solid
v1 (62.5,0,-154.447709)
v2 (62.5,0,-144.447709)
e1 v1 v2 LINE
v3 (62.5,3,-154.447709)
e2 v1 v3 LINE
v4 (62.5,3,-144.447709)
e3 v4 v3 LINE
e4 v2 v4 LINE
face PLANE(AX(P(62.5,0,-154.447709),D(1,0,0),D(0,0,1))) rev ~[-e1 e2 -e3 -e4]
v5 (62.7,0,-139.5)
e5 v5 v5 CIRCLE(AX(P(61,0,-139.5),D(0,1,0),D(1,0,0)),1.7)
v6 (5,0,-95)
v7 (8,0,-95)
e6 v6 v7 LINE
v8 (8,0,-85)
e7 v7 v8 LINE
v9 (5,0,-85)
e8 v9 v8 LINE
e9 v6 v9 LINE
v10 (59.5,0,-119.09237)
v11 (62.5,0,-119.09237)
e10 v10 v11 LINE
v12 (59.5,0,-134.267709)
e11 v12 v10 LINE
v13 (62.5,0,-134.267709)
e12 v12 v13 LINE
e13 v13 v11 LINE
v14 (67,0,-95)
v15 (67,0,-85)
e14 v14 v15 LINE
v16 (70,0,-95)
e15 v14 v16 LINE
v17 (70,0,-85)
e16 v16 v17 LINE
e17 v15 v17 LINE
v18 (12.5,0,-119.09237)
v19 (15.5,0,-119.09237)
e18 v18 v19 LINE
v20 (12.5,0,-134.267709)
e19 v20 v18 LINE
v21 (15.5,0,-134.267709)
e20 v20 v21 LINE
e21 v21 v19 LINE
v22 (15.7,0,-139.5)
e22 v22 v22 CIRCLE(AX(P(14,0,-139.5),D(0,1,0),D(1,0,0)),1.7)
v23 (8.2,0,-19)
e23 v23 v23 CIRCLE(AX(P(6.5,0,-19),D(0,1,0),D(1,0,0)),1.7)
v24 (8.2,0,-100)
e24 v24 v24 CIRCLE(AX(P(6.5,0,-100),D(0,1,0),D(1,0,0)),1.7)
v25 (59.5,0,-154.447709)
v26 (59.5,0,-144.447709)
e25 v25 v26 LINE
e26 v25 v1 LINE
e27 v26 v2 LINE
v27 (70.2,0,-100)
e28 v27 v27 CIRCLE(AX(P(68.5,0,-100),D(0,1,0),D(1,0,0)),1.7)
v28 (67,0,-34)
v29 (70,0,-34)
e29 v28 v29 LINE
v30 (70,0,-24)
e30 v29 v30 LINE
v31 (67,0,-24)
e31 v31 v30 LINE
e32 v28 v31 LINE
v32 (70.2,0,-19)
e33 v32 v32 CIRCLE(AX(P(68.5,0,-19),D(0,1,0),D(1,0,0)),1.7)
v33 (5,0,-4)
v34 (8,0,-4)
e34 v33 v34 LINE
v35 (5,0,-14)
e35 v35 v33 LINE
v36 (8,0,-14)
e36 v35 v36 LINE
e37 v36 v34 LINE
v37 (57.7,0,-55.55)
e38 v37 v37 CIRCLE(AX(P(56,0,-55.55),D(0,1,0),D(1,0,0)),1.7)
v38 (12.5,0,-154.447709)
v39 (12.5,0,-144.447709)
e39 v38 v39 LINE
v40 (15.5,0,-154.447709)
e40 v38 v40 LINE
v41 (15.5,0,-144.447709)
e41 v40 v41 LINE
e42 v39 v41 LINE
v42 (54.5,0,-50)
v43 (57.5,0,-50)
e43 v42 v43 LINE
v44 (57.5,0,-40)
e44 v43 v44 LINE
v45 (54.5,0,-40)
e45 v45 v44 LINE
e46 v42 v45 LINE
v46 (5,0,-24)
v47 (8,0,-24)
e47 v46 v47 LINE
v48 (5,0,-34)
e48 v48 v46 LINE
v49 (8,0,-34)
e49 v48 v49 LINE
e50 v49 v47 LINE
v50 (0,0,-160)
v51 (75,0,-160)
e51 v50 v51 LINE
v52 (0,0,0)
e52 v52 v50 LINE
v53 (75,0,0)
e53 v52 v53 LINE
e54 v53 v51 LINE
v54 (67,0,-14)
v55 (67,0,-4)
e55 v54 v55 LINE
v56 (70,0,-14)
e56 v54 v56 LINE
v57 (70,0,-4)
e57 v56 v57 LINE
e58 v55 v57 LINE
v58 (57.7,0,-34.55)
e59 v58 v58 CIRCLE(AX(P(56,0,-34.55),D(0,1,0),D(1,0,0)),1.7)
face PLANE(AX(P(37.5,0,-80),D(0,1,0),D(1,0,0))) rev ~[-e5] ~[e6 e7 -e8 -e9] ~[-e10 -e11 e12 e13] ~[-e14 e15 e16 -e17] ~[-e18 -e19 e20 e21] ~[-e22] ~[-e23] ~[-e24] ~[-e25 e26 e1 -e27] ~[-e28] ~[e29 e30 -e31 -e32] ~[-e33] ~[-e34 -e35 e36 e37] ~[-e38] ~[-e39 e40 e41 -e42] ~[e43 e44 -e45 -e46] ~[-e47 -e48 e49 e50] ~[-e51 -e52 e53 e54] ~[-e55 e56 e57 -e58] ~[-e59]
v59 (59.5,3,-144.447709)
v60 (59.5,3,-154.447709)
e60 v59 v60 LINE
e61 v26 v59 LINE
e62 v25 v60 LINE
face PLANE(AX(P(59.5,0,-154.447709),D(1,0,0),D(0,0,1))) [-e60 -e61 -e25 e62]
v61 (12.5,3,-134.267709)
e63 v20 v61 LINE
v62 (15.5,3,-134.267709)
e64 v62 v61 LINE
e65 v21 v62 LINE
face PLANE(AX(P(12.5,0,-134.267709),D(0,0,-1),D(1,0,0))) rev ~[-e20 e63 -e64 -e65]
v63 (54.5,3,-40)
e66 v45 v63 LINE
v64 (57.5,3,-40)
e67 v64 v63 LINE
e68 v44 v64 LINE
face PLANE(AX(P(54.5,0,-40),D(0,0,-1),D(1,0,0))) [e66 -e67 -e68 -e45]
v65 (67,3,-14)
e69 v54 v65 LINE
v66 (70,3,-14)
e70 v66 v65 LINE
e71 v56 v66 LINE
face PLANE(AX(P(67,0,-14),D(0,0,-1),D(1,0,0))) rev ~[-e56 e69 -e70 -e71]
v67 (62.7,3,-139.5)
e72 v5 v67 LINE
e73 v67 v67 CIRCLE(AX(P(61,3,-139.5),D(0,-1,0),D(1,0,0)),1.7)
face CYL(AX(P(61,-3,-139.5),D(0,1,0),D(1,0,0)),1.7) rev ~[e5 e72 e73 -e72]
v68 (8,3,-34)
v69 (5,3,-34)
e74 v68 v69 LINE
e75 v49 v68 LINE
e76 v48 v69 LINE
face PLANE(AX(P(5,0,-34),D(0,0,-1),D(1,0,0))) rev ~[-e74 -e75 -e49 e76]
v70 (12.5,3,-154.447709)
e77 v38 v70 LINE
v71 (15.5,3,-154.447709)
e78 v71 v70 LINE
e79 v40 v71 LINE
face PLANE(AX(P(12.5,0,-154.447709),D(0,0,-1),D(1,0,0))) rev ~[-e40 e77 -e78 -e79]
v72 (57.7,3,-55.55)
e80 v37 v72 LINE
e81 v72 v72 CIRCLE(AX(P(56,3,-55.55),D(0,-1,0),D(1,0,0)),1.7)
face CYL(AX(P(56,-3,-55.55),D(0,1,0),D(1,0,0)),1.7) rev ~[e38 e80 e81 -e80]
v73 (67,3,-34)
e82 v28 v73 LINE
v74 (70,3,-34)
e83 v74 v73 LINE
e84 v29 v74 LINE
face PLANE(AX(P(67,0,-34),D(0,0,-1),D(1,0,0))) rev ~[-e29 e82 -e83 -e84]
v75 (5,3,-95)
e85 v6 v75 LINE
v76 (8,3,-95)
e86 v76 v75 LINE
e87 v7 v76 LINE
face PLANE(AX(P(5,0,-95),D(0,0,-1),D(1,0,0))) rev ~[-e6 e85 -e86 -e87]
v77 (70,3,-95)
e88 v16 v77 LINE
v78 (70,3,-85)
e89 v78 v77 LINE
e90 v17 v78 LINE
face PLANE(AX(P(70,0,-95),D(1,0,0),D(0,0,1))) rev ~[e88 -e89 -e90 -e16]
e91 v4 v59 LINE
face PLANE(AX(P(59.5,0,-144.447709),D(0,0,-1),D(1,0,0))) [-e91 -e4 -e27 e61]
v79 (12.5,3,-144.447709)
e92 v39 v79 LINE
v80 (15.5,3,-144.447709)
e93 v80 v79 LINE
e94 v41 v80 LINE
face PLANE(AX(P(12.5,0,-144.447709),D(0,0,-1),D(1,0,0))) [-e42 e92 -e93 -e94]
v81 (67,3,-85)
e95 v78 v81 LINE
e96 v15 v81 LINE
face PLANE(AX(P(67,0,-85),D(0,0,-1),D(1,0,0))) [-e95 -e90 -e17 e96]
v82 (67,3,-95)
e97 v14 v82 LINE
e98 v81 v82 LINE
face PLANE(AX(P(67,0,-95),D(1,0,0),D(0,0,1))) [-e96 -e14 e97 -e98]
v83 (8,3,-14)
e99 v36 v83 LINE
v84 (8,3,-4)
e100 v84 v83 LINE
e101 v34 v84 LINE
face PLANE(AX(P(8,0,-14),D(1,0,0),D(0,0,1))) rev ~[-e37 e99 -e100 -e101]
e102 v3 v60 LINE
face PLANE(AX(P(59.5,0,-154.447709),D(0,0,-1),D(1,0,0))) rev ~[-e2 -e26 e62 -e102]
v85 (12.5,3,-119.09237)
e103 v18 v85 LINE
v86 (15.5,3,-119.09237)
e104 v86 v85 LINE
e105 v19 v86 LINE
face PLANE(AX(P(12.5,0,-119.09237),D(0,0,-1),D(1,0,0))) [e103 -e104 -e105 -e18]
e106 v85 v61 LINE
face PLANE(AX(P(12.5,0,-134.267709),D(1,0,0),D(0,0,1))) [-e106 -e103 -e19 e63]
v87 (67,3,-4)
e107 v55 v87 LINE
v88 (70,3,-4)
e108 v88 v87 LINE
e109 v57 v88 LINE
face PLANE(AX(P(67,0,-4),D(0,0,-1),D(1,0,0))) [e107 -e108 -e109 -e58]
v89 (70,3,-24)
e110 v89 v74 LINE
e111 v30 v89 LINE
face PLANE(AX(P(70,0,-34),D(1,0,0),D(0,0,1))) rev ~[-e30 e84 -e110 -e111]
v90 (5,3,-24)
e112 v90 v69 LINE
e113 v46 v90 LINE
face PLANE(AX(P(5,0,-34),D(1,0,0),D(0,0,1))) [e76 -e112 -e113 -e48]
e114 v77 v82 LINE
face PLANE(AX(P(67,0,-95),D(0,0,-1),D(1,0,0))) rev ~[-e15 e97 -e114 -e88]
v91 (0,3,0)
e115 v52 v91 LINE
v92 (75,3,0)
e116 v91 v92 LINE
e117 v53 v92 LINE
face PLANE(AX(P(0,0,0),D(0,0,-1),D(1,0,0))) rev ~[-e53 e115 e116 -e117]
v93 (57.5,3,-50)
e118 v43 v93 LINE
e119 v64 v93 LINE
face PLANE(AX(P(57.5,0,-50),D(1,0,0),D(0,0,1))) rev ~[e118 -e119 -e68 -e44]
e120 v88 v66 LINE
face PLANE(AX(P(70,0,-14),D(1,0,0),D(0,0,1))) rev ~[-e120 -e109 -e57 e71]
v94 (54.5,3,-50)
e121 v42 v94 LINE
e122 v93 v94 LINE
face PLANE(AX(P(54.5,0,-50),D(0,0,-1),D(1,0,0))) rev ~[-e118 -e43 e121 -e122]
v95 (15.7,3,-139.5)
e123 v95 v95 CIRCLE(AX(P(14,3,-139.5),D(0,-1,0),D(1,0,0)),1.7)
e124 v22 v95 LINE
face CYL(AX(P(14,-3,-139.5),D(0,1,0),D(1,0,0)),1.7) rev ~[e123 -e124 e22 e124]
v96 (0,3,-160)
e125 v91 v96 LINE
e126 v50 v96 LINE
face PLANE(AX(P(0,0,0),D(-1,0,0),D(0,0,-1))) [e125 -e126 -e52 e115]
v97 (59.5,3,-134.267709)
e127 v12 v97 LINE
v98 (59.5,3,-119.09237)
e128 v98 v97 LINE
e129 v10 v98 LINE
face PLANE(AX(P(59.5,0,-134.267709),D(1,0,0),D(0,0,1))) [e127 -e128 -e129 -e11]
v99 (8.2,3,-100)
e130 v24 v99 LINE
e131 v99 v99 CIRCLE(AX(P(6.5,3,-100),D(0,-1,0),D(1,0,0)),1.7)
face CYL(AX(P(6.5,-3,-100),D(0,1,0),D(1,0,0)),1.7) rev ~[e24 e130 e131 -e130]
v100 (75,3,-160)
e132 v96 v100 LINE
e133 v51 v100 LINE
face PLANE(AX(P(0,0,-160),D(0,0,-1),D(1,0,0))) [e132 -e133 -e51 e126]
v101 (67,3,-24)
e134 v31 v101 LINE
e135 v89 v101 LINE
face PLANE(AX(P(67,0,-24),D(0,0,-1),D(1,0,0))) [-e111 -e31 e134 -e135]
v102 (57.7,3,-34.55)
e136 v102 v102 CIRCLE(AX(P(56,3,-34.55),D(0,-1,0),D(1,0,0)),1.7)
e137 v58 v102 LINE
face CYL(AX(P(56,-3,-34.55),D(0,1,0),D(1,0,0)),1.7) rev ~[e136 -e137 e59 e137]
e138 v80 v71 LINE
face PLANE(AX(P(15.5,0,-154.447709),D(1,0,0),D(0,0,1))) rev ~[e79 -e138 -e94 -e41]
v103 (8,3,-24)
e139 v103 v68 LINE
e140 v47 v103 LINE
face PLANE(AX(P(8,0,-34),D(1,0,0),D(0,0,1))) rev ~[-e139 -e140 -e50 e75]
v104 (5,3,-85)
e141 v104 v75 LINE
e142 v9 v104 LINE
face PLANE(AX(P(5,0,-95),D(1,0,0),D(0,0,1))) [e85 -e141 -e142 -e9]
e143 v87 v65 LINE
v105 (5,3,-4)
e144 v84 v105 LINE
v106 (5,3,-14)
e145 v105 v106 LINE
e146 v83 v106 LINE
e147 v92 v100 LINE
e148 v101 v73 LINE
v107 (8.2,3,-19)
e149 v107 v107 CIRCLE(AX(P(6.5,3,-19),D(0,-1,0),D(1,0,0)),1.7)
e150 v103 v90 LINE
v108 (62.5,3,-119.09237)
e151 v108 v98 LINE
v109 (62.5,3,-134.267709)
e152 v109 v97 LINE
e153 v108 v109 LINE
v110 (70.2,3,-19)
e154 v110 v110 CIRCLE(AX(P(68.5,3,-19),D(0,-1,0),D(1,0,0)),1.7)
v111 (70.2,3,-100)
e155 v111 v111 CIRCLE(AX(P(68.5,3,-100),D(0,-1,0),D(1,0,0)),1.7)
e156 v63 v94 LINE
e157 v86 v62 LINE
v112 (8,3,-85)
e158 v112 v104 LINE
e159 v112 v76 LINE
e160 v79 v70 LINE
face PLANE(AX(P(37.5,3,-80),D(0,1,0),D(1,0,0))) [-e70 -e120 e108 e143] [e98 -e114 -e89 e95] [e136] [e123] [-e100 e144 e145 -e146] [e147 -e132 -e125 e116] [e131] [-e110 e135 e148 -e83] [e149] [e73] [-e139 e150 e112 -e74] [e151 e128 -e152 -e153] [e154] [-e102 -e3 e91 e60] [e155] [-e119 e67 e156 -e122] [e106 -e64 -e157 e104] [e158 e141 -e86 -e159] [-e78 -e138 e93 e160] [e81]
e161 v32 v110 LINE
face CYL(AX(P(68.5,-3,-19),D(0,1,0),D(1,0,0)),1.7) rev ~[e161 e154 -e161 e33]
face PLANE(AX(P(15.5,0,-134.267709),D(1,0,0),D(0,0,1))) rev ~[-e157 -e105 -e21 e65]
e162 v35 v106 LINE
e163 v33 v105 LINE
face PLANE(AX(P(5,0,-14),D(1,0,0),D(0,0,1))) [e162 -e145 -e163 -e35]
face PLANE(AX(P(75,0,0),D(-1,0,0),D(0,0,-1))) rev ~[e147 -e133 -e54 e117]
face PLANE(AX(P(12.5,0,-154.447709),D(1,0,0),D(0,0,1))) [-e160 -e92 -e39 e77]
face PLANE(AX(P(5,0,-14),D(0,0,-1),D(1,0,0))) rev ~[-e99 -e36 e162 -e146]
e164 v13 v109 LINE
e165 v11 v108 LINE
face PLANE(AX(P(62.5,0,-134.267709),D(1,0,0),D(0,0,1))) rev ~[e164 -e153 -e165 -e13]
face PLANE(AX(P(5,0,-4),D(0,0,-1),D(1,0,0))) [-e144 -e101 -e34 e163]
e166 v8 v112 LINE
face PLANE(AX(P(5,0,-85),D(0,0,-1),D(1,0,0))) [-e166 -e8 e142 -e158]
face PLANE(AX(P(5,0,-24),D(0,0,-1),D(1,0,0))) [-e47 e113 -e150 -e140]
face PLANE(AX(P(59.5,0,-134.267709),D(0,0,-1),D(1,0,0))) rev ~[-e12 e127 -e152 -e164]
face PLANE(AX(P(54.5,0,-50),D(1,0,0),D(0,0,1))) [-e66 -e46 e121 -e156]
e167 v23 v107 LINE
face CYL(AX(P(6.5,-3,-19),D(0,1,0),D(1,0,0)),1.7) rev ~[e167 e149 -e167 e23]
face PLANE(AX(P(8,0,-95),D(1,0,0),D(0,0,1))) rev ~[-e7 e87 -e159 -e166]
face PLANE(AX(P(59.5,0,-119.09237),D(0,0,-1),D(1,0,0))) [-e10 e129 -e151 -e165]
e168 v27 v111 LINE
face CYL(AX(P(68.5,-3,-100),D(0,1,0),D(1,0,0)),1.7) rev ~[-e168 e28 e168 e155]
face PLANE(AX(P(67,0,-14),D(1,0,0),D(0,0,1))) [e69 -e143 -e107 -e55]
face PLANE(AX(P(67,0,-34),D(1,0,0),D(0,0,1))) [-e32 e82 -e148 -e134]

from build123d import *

# Parameters (mm, degrees)
SKETCH1_W                = 75
SKETCH1_H                = 160
BOSS_EXTRUDE1_DEPTH      = 3
M3_CLEARANCE_HOLE1_D     = 3.4
M3_CLEARANCE_HOLE1_DEPTH = 3
M3_CLEARANCE_HOLE1_TIP   = 1.021463052
SKETCH6_W                = 3
SKETCH6_H                = 10
SKETCH6_H_2              = 15.175339059
CUT_EXTRUDE3_DEPTH       = 10
SKETCH7_W                = 3
SKETCH7_H                = 10
CUT_EXTRUDE4_DEPTH       = 10


with BuildPart() as part:
    # Sketch1 → Boss-Extrude1 (new body)
    with BuildSketch(Plane(origin=(0, 0, 0), x_dir=(1, 0, 0), z_dir=(0, 1, 0))):
        with Locations((37.5, 80)):
            Rectangle(SKETCH1_W, SKETCH1_H)
    extrude(amount=BOSS_EXTRUDE1_DEPTH)

    # M3 Clearance Hole1
    with Locations(Plane(origin=(0, 0, 0), x_dir=(-1, 0, 0), z_dir=(0, -1, 0))):
        with Locations((-68.5, 19), (-56, 55.55), (-56, 34.55), (-6.5, 19), (-61, 139.5), (-14, 139.5), (-6.5, 100), (-68.5, 100)):
            Hole(M3_CLEARANCE_HOLE1_D / 2, depth=M3_CLEARANCE_HOLE1_DEPTH)
            with Locations((0, 0, -(M3_CLEARANCE_HOLE1_DEPTH + M3_CLEARANCE_HOLE1_TIP / 2))):  # 118° drill point
                Cone(0, M3_CLEARANCE_HOLE1_D / 2, M3_CLEARANCE_HOLE1_TIP, mode=Mode.SUBTRACT)

    # Sketch6 → Cut-Extrude3 (cut)
    with BuildSketch(Plane.XZ):
        with Locations((61, -149.447708573)):
            Rectangle(SKETCH6_W, SKETCH6_H)
        with Locations((61, -126.680039044)):
            Rectangle(SKETCH6_W, SKETCH6_H_2)
        with Locations((14, -149.447708573)):
            Rectangle(SKETCH6_W, SKETCH6_H)
        with Locations((14, -126.680039044)):
            Rectangle(SKETCH6_W, SKETCH6_H_2)
    extrude(amount=-CUT_EXTRUDE3_DEPTH, mode=Mode.SUBTRACT)

    # Sketch7 → Cut-Extrude4 (cut)
    with BuildSketch(Plane.XZ):
        with Locations((6.5, -9)):
            Rectangle(SKETCH7_W, SKETCH7_H)
        with Locations((6.5, -29)):
            Rectangle(SKETCH7_W, SKETCH7_H)
        with Locations((68.5, -29)):
            Rectangle(SKETCH7_W, SKETCH7_H)
        with Locations((68.5, -9)):
            Rectangle(SKETCH7_W, SKETCH7_H)
        with Locations((56, -45)):
            Rectangle(SKETCH7_W, SKETCH7_H)
        with Locations((6.5, -90)):
            Rectangle(SKETCH7_W, SKETCH7_H)
        with Locations((68.5, -90)):
            Rectangle(SKETCH7_W, SKETCH7_H)
    extrude(amount=-CUT_EXTRUDE4_DEPTH, mode=Mode.SUBTRACT)


solid = part.part
